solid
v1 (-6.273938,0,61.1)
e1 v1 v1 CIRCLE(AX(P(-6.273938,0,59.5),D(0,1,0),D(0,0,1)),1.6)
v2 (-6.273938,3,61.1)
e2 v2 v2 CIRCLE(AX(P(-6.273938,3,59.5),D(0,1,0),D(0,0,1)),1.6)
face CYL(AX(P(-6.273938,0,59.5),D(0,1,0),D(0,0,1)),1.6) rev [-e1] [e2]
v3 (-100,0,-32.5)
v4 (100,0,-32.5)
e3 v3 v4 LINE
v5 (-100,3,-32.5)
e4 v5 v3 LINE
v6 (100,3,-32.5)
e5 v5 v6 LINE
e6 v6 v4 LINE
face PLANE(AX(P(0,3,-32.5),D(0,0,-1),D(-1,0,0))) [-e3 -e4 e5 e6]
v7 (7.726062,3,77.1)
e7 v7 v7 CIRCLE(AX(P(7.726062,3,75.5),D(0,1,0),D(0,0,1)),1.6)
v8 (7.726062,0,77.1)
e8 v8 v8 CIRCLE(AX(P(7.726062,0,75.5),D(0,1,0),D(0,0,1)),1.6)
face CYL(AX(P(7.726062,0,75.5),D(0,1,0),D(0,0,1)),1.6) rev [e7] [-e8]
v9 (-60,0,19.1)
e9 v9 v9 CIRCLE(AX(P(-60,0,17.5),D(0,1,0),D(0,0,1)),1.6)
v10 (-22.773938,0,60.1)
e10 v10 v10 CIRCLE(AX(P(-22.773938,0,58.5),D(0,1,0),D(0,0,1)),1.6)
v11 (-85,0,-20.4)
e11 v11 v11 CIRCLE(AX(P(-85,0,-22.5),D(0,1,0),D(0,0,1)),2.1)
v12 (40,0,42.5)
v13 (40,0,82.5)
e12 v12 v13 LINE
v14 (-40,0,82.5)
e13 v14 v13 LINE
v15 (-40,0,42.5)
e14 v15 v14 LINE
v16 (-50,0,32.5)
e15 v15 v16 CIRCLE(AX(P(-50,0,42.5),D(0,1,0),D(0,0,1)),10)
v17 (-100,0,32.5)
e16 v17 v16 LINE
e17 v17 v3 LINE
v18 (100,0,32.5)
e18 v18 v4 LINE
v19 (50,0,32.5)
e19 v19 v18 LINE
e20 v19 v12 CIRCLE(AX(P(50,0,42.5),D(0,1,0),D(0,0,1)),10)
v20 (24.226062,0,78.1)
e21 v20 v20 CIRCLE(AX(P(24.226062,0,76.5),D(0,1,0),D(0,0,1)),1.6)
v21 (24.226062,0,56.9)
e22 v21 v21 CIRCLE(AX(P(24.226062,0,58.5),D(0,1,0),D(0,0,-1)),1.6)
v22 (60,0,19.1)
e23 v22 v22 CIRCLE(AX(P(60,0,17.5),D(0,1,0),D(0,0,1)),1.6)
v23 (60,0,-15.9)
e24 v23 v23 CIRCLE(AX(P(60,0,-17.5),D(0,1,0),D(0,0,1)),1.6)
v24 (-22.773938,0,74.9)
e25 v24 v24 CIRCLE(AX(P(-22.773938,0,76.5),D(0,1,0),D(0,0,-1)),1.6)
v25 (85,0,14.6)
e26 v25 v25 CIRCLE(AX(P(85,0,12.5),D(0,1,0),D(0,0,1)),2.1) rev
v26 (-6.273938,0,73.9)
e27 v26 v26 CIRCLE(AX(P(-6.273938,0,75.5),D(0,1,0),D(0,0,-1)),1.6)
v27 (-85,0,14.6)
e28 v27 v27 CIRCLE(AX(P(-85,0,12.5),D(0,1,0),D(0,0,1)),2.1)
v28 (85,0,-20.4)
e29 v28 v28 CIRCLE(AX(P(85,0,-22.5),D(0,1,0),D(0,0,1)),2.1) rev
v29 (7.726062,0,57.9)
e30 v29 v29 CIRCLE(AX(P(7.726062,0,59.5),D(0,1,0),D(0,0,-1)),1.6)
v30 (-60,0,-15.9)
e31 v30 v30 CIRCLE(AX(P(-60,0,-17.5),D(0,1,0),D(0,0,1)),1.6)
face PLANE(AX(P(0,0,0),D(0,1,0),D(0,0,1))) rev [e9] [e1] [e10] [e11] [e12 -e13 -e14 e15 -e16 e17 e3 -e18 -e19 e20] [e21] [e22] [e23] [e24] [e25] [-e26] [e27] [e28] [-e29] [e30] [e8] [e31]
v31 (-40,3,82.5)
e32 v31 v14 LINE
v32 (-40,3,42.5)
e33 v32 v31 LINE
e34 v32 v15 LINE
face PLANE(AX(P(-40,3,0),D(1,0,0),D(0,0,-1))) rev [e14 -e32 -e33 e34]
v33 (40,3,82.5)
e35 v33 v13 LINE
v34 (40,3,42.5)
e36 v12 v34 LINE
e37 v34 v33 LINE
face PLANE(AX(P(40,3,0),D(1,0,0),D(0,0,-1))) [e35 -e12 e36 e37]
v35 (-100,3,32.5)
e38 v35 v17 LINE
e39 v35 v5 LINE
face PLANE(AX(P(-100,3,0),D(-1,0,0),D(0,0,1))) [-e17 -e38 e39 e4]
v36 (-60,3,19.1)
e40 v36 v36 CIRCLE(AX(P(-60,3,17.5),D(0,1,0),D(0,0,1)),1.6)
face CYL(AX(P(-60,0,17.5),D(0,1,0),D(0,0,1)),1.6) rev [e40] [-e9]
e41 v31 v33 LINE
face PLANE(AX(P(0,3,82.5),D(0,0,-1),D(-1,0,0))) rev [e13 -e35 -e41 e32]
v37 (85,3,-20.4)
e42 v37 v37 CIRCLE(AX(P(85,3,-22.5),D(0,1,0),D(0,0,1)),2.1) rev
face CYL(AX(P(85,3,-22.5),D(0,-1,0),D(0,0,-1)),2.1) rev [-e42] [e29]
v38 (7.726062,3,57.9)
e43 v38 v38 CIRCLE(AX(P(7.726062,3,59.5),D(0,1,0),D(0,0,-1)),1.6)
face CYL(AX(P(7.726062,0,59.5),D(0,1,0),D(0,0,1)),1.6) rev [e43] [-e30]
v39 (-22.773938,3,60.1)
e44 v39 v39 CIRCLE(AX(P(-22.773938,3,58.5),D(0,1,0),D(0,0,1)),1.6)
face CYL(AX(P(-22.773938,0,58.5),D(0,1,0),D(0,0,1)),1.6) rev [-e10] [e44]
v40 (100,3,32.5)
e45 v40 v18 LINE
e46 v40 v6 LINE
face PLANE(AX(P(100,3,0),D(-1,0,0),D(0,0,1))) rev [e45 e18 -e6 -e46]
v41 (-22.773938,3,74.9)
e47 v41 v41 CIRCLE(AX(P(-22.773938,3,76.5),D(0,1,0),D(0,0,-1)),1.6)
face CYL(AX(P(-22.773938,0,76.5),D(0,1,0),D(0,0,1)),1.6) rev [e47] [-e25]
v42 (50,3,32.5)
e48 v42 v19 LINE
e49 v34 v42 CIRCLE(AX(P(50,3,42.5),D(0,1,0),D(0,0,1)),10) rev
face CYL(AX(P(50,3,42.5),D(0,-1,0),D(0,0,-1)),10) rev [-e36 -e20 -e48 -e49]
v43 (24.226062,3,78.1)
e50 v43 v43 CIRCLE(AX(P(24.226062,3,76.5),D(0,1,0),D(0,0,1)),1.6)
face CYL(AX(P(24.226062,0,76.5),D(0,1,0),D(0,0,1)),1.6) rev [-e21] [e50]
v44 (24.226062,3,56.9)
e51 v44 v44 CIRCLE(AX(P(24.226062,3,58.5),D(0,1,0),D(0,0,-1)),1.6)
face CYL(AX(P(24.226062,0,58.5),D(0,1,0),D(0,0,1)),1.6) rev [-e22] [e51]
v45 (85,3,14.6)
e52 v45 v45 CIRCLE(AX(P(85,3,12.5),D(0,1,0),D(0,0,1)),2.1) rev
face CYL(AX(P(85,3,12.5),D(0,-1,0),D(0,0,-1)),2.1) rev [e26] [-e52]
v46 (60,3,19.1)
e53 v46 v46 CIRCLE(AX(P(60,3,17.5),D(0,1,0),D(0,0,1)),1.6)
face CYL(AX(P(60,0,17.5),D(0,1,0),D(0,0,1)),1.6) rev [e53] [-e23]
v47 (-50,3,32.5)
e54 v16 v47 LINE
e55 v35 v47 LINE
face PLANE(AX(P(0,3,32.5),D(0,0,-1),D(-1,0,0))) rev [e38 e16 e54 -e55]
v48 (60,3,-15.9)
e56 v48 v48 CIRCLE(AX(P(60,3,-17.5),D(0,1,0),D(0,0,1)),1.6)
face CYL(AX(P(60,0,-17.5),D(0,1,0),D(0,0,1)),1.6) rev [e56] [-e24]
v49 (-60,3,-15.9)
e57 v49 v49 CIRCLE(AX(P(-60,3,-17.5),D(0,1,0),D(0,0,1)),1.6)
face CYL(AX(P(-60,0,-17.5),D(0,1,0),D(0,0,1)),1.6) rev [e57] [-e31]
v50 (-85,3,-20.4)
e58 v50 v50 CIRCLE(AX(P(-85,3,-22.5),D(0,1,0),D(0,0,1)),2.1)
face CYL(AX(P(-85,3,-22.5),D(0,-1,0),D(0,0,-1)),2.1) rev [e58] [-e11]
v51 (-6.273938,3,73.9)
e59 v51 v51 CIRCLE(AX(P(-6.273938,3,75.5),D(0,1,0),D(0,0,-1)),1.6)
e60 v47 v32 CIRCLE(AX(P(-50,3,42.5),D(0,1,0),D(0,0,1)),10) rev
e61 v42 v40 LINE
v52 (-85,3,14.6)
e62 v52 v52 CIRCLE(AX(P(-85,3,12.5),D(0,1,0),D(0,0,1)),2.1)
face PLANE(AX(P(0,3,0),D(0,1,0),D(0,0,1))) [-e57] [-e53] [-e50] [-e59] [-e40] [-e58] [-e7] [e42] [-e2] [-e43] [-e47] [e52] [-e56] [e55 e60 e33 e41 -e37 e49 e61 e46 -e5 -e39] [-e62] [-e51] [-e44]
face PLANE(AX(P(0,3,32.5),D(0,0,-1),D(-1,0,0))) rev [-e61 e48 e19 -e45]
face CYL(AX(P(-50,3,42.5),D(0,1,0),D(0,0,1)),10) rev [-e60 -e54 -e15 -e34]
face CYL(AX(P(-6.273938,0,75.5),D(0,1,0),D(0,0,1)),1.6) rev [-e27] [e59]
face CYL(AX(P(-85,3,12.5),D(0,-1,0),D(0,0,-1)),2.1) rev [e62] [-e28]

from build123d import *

# Parameters (mm, degrees)
SKETCH_1_W             = 200
SKETCH_1_H             = 65
SKETCH_1_R             = 2.1
SKETCH_1_W_2           = 80
SKETCH_1_H_2           = 50
EXTRUDE_1_DEPTH        = 3
SKETCH_2_R             = 1.6
CUT_EXTRUDE_1454_DEPTH = 130.673628776
SKETCH_3_R             = 1.6
CUT_EXTRUDE_2001_DEPTH = 130.673628776
FILLET_1_R             = 10


with BuildPart() as part:
    # 草图1 → 凸台-拉伸1 (new body)
    # profile 1 of 2: a face of its own
    with BuildSketch(Plane(origin=(0, 0, 0), x_dir=(1, 0, 0), z_dir=(0, 1, 0))):
        Rectangle(SKETCH_1_W, SKETCH_1_H)
        with Locations(Location((85, -12.5, 0), (0, 0, 270))):
            Circle(SKETCH_1_R, mode=Mode.SUBTRACT)
        with Locations(Location((-85, -12.5, 0), (0, 0, 270))):
            Circle(SKETCH_1_R, mode=Mode.SUBTRACT)
        with Locations(Location((-85, 22.5, 0), (0, 0, 270))):
            Circle(SKETCH_1_R, mode=Mode.SUBTRACT)
        with Locations(Location((85, 22.5, 0), (0, 0, 270))):
            Circle(SKETCH_1_R, mode=Mode.SUBTRACT)
    # profile 2 of 2: a face of its own
    with BuildSketch(Plane(origin=(0, 0, 0), x_dir=(1, 0, 0), z_dir=(0, 1, 0))):
        with Locations((0, -57.5)):
            Rectangle(SKETCH_1_W_2, SKETCH_1_H_2)
    extrude(amount=EXTRUDE_1_DEPTH)

    # 草图2 → Cut-Extrude 1454 (cut, through all)
    with BuildSketch(Plane(origin=(0, 3, 0), x_dir=(1, 0, 0), z_dir=(0, 1, 0))):
        with Locations(Location((-60, 17.5, 0), (0, 0, 270))):
            Circle(SKETCH_2_R)
        with Locations(Location((-60, -17.5, 0), (0, 0, 270))):
            Circle(SKETCH_2_R)
        with Locations(Location((60, -17.5, 0), (0, 0, 270))):
            Circle(SKETCH_2_R)
        with Locations(Location((60, 17.5, 0), (0, 0, 270))):
            Circle(SKETCH_2_R)
    extrude(amount=-CUT_EXTRUDE_1454_DEPTH, mode=Mode.SUBTRACT)

    # 草图3 → Cut-Extrude 2001 (cut, through all)
    with BuildSketch(Plane(origin=(0, 3, 0), x_dir=(1, 0, 0), z_dir=(0, 1, 0))):
        with Locations(Location((-22.773937698, -58.5, 0), (0, 0, 270))):
            Circle(SKETCH_3_R)
        with Locations(Location((24.226062302, -58.5, 0), (0, 0, 90))):
            Circle(SKETCH_3_R)
        with Locations(Location((24.226062302, -76.5, 0), (0, 0, 270))):
            Circle(SKETCH_3_R)
        with Locations(Location((-22.773937698, -76.5, 0), (0, 0, 90))):
            Circle(SKETCH_3_R)
        with Locations(Location((-6.273937698, -59.5, 0), (0, 0, 270))):
            Circle(SKETCH_3_R)
        with Locations(Location((7.726062302, -59.5, 0), (0, 0, 90))):
            Circle(SKETCH_3_R)
        with Locations(Location((7.726062302, -75.5, 0), (0, 0, 270))):
            Circle(SKETCH_3_R)
        with Locations(Location((-6.273937698, -75.5, 0), (0, 0, 90))):
            Circle(SKETCH_3_R)
    extrude(amount=-CUT_EXTRUDE_2001_DEPTH, mode=Mode.SUBTRACT)

    # 圆角1
    fillet_1_edges = [part.edges().sort_by_distance(p)[0] for p in [
        (40, 1.5, 32.5),
        (-40, 1.5, 32.5),
    ]]
    fillet(fillet_1_edges, radius=FILLET_1_R)


solid = part.part
